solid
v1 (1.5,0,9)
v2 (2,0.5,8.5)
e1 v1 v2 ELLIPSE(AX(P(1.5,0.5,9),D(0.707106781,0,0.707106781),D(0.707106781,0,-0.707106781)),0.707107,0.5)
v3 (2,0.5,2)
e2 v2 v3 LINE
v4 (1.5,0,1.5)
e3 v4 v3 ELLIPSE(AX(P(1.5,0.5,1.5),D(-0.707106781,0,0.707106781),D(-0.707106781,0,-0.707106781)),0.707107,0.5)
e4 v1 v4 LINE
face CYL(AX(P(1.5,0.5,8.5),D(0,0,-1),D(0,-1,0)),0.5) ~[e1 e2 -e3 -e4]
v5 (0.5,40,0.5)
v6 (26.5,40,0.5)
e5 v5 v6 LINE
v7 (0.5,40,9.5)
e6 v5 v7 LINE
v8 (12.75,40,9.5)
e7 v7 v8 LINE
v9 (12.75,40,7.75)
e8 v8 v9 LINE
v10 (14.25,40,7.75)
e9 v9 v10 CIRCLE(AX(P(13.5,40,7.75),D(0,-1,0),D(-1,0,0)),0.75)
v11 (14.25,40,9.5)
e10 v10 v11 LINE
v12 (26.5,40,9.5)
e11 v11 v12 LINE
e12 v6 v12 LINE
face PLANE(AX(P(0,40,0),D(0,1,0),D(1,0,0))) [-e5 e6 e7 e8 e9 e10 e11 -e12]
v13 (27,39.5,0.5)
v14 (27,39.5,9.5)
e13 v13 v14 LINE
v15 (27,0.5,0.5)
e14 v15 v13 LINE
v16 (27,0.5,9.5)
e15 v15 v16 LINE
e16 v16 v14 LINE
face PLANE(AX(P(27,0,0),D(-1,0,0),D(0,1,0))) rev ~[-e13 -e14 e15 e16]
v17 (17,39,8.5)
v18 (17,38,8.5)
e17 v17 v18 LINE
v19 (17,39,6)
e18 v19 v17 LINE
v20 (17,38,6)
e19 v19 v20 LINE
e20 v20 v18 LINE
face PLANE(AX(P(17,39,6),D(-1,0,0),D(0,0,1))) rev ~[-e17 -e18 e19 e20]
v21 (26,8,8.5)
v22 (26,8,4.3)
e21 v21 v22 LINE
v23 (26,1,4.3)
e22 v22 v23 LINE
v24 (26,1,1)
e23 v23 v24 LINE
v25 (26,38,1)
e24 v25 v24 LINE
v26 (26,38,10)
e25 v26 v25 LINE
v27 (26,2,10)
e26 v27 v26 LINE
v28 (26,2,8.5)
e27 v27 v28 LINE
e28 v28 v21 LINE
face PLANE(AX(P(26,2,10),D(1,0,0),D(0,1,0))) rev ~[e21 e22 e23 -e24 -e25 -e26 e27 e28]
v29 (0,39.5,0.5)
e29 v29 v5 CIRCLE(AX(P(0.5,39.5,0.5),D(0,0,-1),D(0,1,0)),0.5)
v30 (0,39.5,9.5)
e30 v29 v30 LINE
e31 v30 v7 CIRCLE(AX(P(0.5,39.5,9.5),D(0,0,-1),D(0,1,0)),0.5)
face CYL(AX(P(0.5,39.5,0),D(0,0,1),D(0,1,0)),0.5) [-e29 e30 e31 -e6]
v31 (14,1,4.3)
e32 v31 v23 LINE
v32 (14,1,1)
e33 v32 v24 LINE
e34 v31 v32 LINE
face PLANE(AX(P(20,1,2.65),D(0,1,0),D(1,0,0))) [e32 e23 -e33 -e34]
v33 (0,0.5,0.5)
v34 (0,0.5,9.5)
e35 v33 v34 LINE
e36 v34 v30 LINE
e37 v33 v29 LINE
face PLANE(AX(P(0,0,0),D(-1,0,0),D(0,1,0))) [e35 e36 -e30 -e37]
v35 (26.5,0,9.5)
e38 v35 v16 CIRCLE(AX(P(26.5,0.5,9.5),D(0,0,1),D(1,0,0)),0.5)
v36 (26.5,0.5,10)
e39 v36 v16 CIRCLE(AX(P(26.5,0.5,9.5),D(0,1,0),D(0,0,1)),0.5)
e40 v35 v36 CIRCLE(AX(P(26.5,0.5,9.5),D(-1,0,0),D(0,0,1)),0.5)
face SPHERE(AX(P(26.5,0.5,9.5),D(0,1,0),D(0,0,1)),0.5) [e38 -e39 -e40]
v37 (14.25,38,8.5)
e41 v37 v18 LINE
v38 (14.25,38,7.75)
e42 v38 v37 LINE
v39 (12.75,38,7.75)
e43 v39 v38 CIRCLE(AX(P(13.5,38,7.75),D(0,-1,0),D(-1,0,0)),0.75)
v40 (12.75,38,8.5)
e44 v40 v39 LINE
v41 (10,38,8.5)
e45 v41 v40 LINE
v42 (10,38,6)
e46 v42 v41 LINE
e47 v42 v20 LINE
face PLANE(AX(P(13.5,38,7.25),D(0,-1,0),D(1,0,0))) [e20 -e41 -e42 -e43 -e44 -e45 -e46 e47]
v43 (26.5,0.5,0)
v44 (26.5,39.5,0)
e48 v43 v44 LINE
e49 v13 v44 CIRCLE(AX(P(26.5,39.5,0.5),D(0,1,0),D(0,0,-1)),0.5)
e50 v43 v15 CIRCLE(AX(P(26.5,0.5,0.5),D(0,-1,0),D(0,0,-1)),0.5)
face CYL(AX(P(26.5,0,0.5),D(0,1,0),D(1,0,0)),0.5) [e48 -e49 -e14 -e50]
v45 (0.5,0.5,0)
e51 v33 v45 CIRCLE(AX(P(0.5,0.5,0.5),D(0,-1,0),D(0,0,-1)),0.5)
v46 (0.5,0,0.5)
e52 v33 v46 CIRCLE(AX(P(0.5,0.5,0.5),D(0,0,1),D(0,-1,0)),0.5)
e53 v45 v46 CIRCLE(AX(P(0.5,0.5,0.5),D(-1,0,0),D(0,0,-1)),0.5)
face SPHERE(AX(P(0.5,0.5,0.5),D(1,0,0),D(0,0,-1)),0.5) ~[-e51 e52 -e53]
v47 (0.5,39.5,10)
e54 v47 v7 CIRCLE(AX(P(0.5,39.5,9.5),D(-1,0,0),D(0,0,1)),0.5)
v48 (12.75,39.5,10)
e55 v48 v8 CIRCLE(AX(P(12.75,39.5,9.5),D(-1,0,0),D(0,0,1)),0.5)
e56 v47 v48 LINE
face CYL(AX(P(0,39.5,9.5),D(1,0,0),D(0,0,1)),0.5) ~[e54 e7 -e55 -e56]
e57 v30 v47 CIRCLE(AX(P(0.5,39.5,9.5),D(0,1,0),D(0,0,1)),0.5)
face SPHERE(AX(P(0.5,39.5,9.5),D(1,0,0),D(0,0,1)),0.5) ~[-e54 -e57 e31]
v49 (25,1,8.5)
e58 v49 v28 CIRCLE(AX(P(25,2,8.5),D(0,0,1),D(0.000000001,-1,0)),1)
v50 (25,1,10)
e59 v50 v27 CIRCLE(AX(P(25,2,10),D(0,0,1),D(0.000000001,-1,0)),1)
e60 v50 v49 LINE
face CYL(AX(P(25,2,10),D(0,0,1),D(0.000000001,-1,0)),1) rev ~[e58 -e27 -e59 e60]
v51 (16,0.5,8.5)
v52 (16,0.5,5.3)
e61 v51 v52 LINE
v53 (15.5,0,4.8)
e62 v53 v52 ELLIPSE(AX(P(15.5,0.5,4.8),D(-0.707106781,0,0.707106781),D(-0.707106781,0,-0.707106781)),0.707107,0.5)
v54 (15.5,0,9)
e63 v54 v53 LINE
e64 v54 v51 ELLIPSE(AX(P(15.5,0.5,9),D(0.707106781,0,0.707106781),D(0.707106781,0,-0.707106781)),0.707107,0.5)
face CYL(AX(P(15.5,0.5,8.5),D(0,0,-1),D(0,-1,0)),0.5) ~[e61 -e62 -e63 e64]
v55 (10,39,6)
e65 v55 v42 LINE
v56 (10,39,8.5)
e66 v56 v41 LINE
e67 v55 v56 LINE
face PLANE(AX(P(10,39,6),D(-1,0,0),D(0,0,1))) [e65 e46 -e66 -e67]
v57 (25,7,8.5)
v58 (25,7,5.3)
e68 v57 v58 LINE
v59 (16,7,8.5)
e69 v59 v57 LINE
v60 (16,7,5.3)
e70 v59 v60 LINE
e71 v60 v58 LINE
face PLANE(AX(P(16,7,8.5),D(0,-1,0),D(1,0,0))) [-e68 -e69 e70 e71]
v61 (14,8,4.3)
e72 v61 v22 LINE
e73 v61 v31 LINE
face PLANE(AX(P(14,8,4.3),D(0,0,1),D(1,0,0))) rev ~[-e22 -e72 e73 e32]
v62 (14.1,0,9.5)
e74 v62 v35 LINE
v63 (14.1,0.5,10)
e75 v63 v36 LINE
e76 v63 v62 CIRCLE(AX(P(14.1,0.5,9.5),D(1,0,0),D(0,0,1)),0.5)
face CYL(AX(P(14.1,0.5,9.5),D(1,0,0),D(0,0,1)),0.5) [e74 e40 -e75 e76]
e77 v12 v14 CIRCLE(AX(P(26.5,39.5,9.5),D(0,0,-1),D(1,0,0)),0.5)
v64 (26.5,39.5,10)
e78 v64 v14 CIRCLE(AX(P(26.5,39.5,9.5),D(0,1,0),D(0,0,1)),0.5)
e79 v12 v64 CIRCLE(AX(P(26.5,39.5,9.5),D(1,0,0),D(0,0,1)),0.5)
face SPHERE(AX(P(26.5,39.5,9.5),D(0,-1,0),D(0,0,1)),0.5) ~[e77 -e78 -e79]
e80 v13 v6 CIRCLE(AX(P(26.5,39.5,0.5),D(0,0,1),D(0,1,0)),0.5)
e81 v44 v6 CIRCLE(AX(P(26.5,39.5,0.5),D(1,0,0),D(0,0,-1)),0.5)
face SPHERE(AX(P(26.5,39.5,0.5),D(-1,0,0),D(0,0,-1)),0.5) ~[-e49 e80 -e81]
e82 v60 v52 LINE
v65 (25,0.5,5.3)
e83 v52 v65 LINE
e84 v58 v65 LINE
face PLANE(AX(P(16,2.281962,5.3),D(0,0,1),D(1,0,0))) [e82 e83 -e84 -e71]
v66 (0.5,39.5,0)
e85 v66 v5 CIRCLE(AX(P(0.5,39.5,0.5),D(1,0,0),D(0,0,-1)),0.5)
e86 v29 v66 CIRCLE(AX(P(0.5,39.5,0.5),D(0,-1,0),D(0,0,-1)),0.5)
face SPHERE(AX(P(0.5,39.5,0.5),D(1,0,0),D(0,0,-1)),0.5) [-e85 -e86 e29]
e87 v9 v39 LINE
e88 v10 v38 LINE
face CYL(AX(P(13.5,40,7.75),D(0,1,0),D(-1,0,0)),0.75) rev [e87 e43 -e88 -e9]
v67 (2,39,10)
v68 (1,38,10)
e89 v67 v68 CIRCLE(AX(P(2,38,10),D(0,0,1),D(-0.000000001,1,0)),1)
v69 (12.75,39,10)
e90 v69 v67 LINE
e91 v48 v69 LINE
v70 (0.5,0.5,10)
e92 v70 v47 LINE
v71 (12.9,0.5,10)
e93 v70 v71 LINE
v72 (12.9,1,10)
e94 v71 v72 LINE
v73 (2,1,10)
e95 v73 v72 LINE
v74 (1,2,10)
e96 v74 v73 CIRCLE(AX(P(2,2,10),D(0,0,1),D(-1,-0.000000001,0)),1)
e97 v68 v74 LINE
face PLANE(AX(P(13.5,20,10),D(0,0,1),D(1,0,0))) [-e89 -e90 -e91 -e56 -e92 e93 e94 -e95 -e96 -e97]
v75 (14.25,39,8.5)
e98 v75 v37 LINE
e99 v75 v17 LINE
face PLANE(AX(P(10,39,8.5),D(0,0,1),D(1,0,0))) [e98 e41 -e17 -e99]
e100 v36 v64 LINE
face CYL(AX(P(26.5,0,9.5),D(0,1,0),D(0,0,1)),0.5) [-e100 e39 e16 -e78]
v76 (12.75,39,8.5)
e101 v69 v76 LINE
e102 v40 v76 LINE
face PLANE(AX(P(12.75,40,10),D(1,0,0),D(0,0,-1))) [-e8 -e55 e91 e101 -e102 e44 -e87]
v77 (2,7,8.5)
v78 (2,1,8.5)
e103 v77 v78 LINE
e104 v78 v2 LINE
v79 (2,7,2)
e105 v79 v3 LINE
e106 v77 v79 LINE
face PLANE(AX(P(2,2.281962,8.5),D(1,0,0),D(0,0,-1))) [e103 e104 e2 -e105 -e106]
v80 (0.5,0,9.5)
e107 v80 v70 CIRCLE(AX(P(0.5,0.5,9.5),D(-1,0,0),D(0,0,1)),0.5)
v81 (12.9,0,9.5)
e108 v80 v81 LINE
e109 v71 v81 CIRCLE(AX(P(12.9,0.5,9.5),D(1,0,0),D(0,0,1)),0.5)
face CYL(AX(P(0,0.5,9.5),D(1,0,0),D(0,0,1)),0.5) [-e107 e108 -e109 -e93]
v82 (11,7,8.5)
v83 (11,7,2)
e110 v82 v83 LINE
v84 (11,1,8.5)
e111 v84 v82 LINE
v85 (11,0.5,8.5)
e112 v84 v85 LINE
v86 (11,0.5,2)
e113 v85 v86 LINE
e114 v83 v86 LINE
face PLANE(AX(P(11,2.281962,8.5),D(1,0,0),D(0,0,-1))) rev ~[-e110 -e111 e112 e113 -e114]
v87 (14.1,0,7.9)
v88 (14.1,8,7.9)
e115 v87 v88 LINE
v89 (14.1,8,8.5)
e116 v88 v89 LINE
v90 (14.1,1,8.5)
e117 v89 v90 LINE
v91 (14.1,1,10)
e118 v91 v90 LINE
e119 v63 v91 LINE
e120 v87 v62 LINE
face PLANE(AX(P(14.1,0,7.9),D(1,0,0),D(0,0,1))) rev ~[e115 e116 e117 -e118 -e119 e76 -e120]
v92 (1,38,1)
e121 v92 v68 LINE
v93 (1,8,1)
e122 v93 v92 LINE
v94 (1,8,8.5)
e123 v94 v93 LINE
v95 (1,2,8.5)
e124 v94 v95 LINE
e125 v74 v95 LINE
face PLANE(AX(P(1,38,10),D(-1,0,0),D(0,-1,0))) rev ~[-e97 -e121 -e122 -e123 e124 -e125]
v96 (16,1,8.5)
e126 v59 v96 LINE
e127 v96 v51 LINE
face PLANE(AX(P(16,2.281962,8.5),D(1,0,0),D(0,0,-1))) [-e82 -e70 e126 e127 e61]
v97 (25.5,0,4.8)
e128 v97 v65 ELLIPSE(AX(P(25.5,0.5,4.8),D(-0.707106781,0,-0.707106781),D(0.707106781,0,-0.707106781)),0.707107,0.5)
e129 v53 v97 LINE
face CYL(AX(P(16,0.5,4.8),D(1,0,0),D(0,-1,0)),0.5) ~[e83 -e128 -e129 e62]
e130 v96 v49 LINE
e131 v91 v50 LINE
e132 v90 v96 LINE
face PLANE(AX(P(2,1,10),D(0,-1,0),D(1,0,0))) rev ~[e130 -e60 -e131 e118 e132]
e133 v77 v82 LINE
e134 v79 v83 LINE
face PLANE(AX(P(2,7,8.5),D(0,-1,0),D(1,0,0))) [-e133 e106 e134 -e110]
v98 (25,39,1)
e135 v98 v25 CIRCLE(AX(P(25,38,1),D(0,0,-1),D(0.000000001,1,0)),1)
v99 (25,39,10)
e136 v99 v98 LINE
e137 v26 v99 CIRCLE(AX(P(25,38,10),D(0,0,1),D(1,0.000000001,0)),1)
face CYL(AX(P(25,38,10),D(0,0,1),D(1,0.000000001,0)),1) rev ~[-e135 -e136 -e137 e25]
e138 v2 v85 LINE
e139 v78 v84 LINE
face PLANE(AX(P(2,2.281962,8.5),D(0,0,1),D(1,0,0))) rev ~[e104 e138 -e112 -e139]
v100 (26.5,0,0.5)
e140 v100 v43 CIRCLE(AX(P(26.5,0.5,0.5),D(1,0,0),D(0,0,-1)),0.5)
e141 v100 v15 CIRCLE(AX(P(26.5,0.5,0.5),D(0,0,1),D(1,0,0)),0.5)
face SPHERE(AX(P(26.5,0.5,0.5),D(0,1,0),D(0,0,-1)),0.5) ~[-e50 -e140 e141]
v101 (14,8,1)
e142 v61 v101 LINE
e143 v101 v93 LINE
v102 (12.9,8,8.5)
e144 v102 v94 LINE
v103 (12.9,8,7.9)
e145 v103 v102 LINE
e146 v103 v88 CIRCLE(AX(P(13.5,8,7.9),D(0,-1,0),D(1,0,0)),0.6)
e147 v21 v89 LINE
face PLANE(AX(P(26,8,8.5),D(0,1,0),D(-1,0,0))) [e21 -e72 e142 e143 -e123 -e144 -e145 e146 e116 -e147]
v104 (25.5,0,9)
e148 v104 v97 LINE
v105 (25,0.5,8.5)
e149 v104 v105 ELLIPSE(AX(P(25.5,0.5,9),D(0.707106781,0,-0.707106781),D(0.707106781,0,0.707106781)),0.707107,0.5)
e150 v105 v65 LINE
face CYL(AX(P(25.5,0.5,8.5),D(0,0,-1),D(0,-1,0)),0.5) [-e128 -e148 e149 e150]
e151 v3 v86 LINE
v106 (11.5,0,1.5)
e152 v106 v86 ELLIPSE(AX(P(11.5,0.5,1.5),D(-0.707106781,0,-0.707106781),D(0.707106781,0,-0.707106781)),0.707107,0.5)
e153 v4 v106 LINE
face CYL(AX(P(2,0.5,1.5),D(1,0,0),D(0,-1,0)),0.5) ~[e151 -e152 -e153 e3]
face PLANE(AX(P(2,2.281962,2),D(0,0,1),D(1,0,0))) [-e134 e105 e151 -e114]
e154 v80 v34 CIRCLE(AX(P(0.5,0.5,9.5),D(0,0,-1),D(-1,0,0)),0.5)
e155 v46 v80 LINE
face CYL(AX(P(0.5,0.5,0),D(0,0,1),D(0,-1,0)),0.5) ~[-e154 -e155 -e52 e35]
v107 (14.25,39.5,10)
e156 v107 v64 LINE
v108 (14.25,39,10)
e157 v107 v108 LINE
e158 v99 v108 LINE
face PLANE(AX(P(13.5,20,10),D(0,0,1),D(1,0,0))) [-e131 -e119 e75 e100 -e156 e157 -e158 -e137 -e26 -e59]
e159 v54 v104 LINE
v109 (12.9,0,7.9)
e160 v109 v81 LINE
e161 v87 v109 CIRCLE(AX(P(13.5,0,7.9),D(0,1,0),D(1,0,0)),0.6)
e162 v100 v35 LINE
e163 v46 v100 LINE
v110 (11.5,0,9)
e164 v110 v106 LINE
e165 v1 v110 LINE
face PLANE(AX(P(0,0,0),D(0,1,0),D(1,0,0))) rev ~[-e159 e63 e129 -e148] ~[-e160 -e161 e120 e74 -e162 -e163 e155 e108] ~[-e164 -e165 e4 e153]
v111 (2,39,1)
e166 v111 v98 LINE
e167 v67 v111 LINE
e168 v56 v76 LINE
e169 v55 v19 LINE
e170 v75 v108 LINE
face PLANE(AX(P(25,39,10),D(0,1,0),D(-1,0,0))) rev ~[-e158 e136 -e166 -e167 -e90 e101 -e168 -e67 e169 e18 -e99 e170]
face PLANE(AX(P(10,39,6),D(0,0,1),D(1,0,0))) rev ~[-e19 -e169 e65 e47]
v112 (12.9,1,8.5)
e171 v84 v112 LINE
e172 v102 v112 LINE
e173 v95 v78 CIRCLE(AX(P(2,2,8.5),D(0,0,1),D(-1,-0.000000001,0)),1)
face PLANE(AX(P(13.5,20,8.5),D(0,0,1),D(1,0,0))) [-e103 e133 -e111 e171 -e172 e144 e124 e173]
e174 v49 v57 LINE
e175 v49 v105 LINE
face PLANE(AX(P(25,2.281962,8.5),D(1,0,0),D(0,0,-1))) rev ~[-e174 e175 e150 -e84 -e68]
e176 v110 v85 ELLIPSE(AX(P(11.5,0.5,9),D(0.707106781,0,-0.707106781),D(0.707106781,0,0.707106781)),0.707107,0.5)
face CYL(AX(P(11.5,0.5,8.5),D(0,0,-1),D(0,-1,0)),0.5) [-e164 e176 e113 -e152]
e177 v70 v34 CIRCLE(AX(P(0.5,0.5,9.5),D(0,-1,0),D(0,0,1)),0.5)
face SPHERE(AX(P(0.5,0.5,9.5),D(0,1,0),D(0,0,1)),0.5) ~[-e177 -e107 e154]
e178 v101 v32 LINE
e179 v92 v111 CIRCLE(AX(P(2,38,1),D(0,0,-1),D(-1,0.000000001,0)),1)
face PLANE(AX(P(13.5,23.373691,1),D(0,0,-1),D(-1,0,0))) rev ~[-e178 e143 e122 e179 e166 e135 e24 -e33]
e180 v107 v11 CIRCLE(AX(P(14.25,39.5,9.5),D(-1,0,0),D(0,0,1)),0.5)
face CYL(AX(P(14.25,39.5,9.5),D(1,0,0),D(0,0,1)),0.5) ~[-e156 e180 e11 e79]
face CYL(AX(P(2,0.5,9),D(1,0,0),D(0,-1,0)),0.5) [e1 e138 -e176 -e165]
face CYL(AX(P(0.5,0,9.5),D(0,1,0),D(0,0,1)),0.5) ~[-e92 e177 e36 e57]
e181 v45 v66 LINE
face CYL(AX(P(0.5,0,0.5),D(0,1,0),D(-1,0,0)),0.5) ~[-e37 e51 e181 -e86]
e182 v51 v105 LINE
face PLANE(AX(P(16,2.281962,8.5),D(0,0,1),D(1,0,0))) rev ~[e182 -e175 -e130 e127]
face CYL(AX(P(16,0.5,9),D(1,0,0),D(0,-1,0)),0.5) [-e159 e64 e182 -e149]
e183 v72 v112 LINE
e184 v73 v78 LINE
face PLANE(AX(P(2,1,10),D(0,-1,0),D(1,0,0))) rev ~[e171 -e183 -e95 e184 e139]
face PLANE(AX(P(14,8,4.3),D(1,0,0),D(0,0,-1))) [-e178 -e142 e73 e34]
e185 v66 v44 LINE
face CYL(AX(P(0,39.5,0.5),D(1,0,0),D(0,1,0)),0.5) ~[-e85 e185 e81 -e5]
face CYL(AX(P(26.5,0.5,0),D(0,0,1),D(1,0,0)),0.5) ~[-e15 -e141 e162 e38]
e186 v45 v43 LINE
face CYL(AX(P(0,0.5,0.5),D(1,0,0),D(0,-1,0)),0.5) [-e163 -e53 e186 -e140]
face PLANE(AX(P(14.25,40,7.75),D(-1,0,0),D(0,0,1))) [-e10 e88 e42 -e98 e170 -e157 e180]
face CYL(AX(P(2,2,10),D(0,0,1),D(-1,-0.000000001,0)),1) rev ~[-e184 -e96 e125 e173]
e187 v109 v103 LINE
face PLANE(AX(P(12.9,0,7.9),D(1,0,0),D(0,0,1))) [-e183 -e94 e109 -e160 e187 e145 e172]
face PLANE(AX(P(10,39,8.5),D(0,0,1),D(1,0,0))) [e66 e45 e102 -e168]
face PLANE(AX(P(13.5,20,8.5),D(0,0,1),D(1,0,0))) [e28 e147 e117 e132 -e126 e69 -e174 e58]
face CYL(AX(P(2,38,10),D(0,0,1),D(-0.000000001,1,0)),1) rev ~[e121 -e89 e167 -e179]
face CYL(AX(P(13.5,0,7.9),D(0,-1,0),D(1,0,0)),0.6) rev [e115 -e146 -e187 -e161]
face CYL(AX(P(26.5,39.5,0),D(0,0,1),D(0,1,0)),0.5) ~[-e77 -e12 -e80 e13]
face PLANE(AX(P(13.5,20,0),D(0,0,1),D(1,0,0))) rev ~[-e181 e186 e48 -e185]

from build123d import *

# Parameters (mm, degrees)
SKETCH_2_W           = 27
SKETCH_2_H           = 40
EXTRUDE_1_DEPTH      = 10
CUT_EXTRUDE_1_DEPTH  = 1.5
CUT_EXTRUDE_2_DEPTH  = 7.5
SKETCH_9_W           = 9
SKETCH_9_H           = 4.718038217
CUT_EXTRUDE_8_DEPTH  = 3.2
SKETCH_9_3_W         = 9
SKETCH_9_3_H         = 4.718038217
CUT_EXTRUDE_9_DEPTH  = 6.5
SKETCH_12_W          = 12
SKETCH_12_H          = 3.3
CUT_EXTRUDE_10_DEPTH = 7
SKETCH_13_W          = 9
SKETCH_13_H          = 6.5
SKETCH_13_H_2        = 3.2
CUT_EXTRUDE_11_DEPTH = 3.281961783
CUT_EXTRUDE_12_REACH = 42
SKETCH_14_W          = 1.2
SKETCH_14_H          = 2.1
SKETCH_16_2_W        = 7
SKETCH_16_2_H        = 2.5
EXTRUDE_3_DEPTH      = 1
SKETCH_16_W          = 7
SKETCH_16_H          = 2.5
EXTRUDE_2_DEPTH      = 1
CUT_EXTRUDE_14_DEPTH = 2
FILLET_1_R           = 0.5


with BuildPart() as part:
    # Sketch 2 → Extrude 1 (new body)
    with BuildSketch(Plane.XY):
        with Locations((13.5, 20)):
            Rectangle(SKETCH_2_W, SKETCH_2_H)
    extrude(amount=EXTRUDE_1_DEPTH)

    # Sketch 3 → Cut-Extrude 1 (cut)
    with BuildSketch(Plane.XY.offset(10)):
        with BuildLine():
            Line((1, 38), (1, 2))
            ThreePointArc((1, 2), (1.292893219, 1.292893219), (2, 1))
            Line((2, 1), (25, 1))
            ThreePointArc((25, 1), (25.707106781, 1.292893219), (26, 2))
            Line((26, 2), (26, 38))
            ThreePointArc((26, 38), (25.707106781, 38.707106781), (25, 39))
            Line((25, 39), (2, 39))
            ThreePointArc((2, 39), (1.292893219, 38.707106781), (1, 38))
        make_face()
    extrude(amount=-CUT_EXTRUDE_1_DEPTH, mode=Mode.SUBTRACT)

    # Sketch 5 → Cut-Extrude 2 (cut)
    with BuildSketch(Plane.XY.offset(8.5)):
        with BuildLine():
            Line((2, 39), (25, 39))
            ThreePointArc((25, 39), (25.707106781, 38.707106781), (26, 38))
            Line((26, 38), (26, 8))
            Line((26, 8), (1, 8))
            Line((1, 8), (1, 38))
            ThreePointArc((1, 38), (1.292893219, 38.707106781), (2, 39))
        make_face()
    extrude(amount=-CUT_EXTRUDE_2_DEPTH, mode=Mode.SUBTRACT)

    # Sketch 9 → Cut-Extrude 8 (cut)
    with BuildSketch(Plane.XY.offset(8.5)):
        with Locations((20.5, 4.640980891)):
            Rectangle(SKETCH_9_W, SKETCH_9_H)
    extrude(amount=-CUT_EXTRUDE_8_DEPTH, mode=Mode.SUBTRACT)

    # Sketch 9_3 → Cut-Extrude 9 (cut)
    with BuildSketch(Plane.XY.offset(8.5)):
        with Locations((6.5, 4.640980891)):
            Rectangle(SKETCH_9_3_W, SKETCH_9_3_H)
    extrude(amount=-CUT_EXTRUDE_9_DEPTH, mode=Mode.SUBTRACT)

    # Sketch 12 → Cut-Extrude 10 (cut)
    with BuildSketch(Plane(origin=(0, 8, 0), x_dir=(1, 0, 0), z_dir=(0, 1, 0))):
        with Locations((20, -2.65)):
            Rectangle(SKETCH_12_W, SKETCH_12_H)
    extrude(amount=-CUT_EXTRUDE_10_DEPTH, mode=Mode.SUBTRACT)

    # Sketch 13 → Cut-Extrude 11 (cut, through all)
    with BuildSketch(Plane(origin=(0, 2.281961783, 0), x_dir=(1, 0, 0), z_dir=(0, 1, 0))):
        with Locations((6.5, -5.25)):
            Rectangle(SKETCH_13_W, SKETCH_13_H)
        with Locations((20.5, -6.9)):
            Rectangle(SKETCH_13_W, SKETCH_13_H_2)
    extrude(amount=-CUT_EXTRUDE_11_DEPTH, mode=Mode.SUBTRACT)

    # Sketch 14 → Cut-Extrude 12 (cut, up to next)
    with BuildSketch(Plane.XZ, mode=Mode.PRIVATE) as cut_extrude_12_sk1:
        with BuildLine():
            Line((12.9, 7.9), (14.1, 7.9))
            ThreePointArc((14.1, 7.9), (13.5, 7.3), (12.9, 7.9))
        make_face()
    cut_extrude_12_tool1 = extrude(cut_extrude_12_sk1.sketch, amount=-CUT_EXTRUDE_12_REACH, mode=Mode.PRIVATE) & part.part
    add(cut_extrude_12_tool1.solids().sort_by_distance((13.5, 0, 7.645352))[0], mode=Mode.SUBTRACT)
    # Sketch 14 → Cut-Extrude 12 (cut, up to next)
    with BuildSketch(Plane.XZ, mode=Mode.PRIVATE) as cut_extrude_12_sk2:
        with Locations((13.5, 8.95)):
            Rectangle(SKETCH_14_W, SKETCH_14_H)
    cut_extrude_12_tool2 = extrude(cut_extrude_12_sk2.sketch, amount=-CUT_EXTRUDE_12_REACH, mode=Mode.PRIVATE) & part.part
    add(cut_extrude_12_tool2.solids().sort_by_distance((13.5, 0, 8.95))[0], mode=Mode.SUBTRACT)

    # Sketch 16_2 → Extrude 3 (add)
    with BuildSketch(Plane.XZ.offset(-39)):
        with Locations((13.5, 7.25)):
            Rectangle(SKETCH_16_2_W, SKETCH_16_2_H)
    extrude(amount=EXTRUDE_3_DEPTH)

    # Sketch 16 → Extrude 2 (add)
    with BuildSketch(Plane.XZ.offset(-39)):
        with Locations((13.5, 7.25)):
            Rectangle(SKETCH_16_W, SKETCH_16_H)
    extrude(amount=EXTRUDE_2_DEPTH)

    # Sketch 17 → Cut-Extrude 14 (cut)
    with BuildSketch(Plane(origin=(0, 40, 0), x_dir=(1, 0, 0), z_dir=(0, 1, 0))):
        with BuildLine():
            Line((14.25, -7.75), (14.25, -10))
            Line((14.25, -10), (12.75, -10))
            Line((12.75, -10), (12.75, -7.75))
            ThreePointArc((12.75, -7.75), (13.5, -7), (14.25, -7.75))
        make_face()
    extrude(amount=-CUT_EXTRUDE_14_DEPTH, mode=Mode.SUBTRACT)

    # Fillet 1
    fillet_1_edges = [part.edges().sort_by_distance(p)[0] for p in [
        (27, 20, 10),
        (20.5, 0, 8.5),
        (25, 0, 6.9),
        (16, 0, 6.9),
        (20.5, 0, 5.3),
        (20.625, 40, 10),
        (20.55, 0, 10),
        (6.375, 40, 10),
        (0, 20, 10),
        (13.5, 40, 0),
        (27, 20, 0),
        (13.5, 0, 0),
        (0, 20, 0),
        (6.45, 0, 10),
        (0, 40, 5),
        (27, 40, 5),
        (27, 0, 5),
        (0, 0, 5),
        (6.5, 0, 8.5),
        (11, 0, 5.25),
        (2, 0, 5.25),
        (6.5, 0, 2),
    ]]
    fillet(fillet_1_edges, radius=FILLET_1_R)


solid = part.part
